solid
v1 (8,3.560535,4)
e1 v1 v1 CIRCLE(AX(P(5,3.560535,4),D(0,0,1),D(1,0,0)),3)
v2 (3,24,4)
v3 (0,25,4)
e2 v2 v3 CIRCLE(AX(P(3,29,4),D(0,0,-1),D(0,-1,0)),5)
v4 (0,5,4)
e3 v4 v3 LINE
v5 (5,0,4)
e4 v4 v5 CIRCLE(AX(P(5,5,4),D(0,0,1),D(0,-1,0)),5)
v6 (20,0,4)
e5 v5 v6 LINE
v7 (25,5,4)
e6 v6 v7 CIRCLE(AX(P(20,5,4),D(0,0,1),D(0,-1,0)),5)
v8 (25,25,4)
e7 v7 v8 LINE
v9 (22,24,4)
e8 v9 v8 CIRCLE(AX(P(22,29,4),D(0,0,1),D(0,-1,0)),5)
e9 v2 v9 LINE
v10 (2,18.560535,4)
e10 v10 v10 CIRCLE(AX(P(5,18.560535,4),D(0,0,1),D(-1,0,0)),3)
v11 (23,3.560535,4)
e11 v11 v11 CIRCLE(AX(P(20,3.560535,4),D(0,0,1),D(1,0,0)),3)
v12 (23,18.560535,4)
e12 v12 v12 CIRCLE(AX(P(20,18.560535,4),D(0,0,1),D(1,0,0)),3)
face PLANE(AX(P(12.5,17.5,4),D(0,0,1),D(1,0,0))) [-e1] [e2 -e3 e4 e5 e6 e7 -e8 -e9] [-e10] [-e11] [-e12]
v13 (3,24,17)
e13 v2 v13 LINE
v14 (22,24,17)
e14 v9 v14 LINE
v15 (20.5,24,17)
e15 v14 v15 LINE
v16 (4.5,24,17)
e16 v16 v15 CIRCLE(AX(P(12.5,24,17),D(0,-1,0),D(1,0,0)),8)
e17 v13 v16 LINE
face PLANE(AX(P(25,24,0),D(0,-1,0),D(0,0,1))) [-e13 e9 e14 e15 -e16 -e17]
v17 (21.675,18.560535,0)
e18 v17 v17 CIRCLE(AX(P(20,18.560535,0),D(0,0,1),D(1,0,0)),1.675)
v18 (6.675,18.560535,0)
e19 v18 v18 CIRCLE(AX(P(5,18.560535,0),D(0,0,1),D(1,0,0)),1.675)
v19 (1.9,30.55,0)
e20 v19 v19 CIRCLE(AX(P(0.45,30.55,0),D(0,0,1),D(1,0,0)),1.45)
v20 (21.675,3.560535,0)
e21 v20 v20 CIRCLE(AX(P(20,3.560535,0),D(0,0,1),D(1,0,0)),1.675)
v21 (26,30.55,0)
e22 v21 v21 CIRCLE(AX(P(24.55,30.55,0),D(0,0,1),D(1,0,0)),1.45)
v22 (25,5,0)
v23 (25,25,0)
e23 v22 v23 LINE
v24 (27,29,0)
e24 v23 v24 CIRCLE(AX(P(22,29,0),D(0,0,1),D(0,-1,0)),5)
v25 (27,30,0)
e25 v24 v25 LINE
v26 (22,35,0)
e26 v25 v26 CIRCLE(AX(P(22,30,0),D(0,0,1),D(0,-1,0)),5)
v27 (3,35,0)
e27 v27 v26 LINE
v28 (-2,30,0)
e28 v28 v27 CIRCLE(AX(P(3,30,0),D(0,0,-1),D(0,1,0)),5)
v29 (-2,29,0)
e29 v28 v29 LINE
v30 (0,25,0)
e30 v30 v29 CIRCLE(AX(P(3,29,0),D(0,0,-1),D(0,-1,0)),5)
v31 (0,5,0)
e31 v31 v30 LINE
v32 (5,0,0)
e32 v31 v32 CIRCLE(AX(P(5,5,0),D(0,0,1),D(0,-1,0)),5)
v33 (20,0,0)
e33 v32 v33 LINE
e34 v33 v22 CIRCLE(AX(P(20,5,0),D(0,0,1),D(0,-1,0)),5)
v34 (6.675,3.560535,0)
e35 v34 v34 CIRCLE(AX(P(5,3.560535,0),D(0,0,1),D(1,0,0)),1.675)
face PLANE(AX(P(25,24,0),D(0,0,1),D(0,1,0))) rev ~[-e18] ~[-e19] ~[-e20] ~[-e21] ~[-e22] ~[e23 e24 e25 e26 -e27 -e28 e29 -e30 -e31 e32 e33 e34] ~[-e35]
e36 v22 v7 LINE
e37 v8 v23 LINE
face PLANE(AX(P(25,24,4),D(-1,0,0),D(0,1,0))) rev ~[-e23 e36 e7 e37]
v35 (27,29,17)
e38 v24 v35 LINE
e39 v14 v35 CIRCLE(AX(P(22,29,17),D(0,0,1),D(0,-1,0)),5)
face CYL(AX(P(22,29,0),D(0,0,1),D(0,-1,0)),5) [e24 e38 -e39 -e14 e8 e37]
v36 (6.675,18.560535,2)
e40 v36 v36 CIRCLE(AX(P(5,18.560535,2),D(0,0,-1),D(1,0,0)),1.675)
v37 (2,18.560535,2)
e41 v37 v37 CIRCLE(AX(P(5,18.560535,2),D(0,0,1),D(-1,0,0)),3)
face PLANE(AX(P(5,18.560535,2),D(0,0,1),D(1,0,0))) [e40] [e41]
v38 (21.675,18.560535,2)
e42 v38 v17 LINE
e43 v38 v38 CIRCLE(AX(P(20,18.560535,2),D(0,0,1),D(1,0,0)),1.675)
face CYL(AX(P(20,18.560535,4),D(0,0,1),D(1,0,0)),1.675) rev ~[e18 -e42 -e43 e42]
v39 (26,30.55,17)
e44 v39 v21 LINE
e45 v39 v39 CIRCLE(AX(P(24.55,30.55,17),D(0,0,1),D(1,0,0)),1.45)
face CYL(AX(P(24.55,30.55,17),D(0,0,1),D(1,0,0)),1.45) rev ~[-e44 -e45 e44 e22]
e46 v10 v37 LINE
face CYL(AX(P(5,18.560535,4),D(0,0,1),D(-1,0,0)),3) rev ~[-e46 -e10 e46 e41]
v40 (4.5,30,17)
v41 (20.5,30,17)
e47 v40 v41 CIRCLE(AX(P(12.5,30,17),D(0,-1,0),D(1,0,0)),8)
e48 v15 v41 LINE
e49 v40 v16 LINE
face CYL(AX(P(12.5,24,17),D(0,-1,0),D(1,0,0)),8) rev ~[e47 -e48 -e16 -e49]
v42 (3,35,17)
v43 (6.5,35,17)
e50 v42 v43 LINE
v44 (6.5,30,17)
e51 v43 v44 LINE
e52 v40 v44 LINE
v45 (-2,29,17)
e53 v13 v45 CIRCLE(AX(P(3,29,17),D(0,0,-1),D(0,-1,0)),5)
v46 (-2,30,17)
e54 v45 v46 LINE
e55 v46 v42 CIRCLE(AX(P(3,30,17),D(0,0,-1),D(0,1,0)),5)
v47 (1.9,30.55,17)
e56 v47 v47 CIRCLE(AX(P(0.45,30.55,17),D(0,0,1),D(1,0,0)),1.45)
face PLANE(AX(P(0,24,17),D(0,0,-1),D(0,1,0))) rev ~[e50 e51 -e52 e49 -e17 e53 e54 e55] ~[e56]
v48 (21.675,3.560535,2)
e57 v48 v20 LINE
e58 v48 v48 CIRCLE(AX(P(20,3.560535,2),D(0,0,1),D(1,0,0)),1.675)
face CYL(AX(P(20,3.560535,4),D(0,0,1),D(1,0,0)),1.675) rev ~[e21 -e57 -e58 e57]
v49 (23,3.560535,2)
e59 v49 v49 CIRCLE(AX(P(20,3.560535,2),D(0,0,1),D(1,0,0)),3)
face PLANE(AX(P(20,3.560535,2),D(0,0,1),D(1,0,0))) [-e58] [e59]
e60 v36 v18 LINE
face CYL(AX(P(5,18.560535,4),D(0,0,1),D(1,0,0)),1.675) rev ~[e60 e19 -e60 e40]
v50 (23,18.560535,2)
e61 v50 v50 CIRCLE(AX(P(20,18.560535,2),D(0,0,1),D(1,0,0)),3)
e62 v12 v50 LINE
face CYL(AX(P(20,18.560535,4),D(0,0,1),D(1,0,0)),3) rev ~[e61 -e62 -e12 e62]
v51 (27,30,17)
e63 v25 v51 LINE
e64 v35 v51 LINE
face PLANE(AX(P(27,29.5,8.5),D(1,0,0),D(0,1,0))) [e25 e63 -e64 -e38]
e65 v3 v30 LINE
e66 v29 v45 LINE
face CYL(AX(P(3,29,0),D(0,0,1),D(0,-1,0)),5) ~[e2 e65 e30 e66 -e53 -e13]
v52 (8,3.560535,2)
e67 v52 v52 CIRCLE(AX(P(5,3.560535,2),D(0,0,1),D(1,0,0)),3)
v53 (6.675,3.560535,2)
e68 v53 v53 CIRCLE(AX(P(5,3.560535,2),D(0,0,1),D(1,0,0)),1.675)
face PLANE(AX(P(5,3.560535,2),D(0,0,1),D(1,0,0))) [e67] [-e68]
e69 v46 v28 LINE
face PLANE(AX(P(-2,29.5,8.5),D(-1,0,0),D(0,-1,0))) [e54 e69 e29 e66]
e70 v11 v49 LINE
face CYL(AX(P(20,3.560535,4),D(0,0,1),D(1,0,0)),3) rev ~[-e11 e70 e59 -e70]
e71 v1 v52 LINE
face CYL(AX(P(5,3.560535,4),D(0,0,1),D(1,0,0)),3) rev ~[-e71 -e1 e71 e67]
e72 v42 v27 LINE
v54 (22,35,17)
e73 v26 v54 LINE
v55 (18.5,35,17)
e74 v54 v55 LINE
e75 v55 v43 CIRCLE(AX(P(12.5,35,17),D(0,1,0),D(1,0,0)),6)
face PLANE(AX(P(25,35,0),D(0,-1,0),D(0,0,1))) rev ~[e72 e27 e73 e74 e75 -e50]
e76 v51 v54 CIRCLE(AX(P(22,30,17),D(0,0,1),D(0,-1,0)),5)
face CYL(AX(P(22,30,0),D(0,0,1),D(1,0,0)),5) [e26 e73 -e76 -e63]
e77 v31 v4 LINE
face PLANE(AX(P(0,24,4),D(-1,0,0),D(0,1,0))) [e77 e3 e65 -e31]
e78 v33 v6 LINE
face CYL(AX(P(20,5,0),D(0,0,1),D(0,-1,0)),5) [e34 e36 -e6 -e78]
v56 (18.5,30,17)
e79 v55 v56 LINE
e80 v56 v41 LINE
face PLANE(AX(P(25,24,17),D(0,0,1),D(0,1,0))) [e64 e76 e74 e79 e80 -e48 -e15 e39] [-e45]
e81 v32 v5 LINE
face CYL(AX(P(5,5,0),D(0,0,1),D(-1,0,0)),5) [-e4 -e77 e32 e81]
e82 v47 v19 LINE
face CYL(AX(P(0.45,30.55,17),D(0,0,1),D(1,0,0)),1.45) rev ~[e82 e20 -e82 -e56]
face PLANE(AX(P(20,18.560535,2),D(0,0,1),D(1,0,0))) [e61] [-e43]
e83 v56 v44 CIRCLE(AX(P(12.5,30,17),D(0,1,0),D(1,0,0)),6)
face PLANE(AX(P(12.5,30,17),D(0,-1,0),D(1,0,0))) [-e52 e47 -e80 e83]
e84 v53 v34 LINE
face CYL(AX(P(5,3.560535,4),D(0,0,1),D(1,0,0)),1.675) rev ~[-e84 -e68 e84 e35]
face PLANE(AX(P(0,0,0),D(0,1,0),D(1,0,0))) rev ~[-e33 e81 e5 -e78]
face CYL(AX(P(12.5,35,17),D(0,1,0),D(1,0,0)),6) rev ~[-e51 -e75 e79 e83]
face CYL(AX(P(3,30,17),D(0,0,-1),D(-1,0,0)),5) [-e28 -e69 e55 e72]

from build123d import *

# Parameters (mm, degrees)
F0_W      = 25
F0_H      = 35
F1_DEPTH  = 4
F2_R      = 1.675
F3_DEPTH  = 25
F4_W      = 25
F4_H      = 11
F5_DEPTH  = 13
F7_DEPTH  = 6
F8_R      = 8
F9_DEPTH  = 6
F2_R_2    = 3
F10_DEPTH = 2
F11_R     = 5
F13_DEPTH = 2
F14_W     = 11
F14_H     = 17
F15_DEPTH = 2
F16_R     = 1.45
F17_DEPTH = 25
F18_R     = 5


with BuildPart() as f1:
    # F0 (on Top) → F1 (new body)
    with BuildSketch(Plane.XY):
        with Locations((12.5, 17.5)):
            Rectangle(F0_W, F0_H)
    extrude(amount=F1_DEPTH)

    # F2 (on face) → F3 (cut)
    with BuildSketch(Plane.XY.offset(4)):
        with BuildLine():
            ThreePointArc((3.325, 18.5605346784), (5, 16.8855346784), (6.675, 18.5605346784))
            ThreePointArc((6.675, 18.5605346784), (5, 20.2355346784), (3.325, 18.5605346784))
        make_face()
        with Locations((20, 18.5605346784)):
            Circle(F2_R)
        with Locations((20, 3.5605346784)):
            Circle(F2_R)
        with Locations((5, 3.5605346784)):
            Circle(F2_R)
    extrude(amount=-F3_DEPTH, mode=Mode.SUBTRACT)

    # F4 (on face) → F5 (join)
    with BuildSketch(Plane.XY.offset(4)):
        with Locations((12.5, 29.5)):
            Rectangle(F4_W, F4_H)
    extrude(amount=F5_DEPTH)

    # F6 (on face) → F7 (cut)
    with BuildSketch(Plane(origin=(0, 35, 0), x_dir=(-1, 0, 0), z_dir=(0, 1, 0))):
        with BuildLine():
            ThreePointArc((-18.5, 17), (-12.5, 11), (-6.5, 17))
            Line((-6.5, 17), (-18.5, 17))
        make_face()
    extrude(amount=-F7_DEPTH, mode=Mode.SUBTRACT)

    # F8 (on face) → F9 (cut)
    with BuildSketch(Plane.XZ.offset(-24)):
        with Locations((12.5, 17)):
            Circle(F8_R)
    extrude(amount=-F9_DEPTH, mode=Mode.SUBTRACT)

    # F2 (on face) → F10 (cut)
    with BuildSketch(Plane.XY.offset(4)):
        with BuildLine():
            ThreePointArc((8, 18.5605346784), (5, 21.5605346784), (2, 18.5605346784))
            ThreePointArc((2, 18.5605346784), (5, 15.5605346784), (8, 18.5605346784))
        make_face()
        with BuildLine():
            ThreePointArc((3.325, 18.5605346784), (5, 20.2355346784), (6.675, 18.5605346784))
            ThreePointArc((6.675, 18.5605346784), (5, 16.8855346784), (3.325, 18.5605346784))
        make_face(mode=Mode.SUBTRACT)
        with Locations((20, 18.5605346784)):
            Circle(F2_R_2)
        with Locations((20, 18.5605346784)):
            Circle(F2_R, mode=Mode.SUBTRACT)
        with Locations((20, 3.5605346784)):
            Circle(F2_R_2)
        with Locations((20, 3.5605346784)):
            Circle(F2_R, mode=Mode.SUBTRACT)
        with Locations((5, 3.5605346784)):
            Circle(F2_R_2)
        with Locations((5, 3.5605346784)):
            Circle(F2_R, mode=Mode.SUBTRACT)
    extrude(amount=-F10_DEPTH, mode=Mode.SUBTRACT)

    # F11
    f11_edges = [f1.edges().sort_by_distance(p)[0] for p in [
        (0, 0, 2),
        (25, 0, 2),
    ]]
    fillet(f11_edges, radius=F11_R)

    # F12 (on face) + F5_face3 (on face) → F13 (join)
    with BuildSketch(Plane(origin=(0, 0, 0), x_dir=(0, -1, 0), z_dir=(-1, 0, 0))):
        Polygon((-35, 17), (-35, 0), (-24, 0), (-24, 4), (-24, 17), align=None)
    with BuildSketch(Plane(origin=(25, 25.1653992395, 6.6216730038), x_dir=(0, 1, 0), z_dir=(1, 0, 0))):
        Polygon((-1.1653992395, -2.6216730038), (-20.1653992395, -2.6216730038), (-20.1653992395, -6.6216730038), (9.8346007605, -6.6216730038), (9.8346007605, 10.3783269962), (-1.1653992395, 10.3783269962), align=None)
    extrude(amount=F13_DEPTH, dir=(-1, 0, 0))

    # F14 (on face) → F15 (join)
    with BuildSketch(Plane.YZ.offset(25)):
        with Locations((29.5, 8.5)):
            Rectangle(F14_W, F14_H)
    extrude(amount=F15_DEPTH)

    # F16 (on face) → F17 (cut)
    with BuildSketch(Plane.XY.offset(17)):
        with Locations((0.45, 30.55)):
            Circle(F16_R)
        with Locations((24.55, 30.55)):
            Circle(F16_R)
    extrude(amount=-F17_DEPTH, mode=Mode.SUBTRACT)

    # F18
    f18_edges = [f1.edges().sort_by_distance(p)[0] for p in [
        (-2, 24, 8.5),
        (-2, 35, 8.5),
        (27, 35, 8.5),
        (27, 24, 8.5),
    ]]
    fillet(f18_edges, radius=F18_R)


solid = f1.part
